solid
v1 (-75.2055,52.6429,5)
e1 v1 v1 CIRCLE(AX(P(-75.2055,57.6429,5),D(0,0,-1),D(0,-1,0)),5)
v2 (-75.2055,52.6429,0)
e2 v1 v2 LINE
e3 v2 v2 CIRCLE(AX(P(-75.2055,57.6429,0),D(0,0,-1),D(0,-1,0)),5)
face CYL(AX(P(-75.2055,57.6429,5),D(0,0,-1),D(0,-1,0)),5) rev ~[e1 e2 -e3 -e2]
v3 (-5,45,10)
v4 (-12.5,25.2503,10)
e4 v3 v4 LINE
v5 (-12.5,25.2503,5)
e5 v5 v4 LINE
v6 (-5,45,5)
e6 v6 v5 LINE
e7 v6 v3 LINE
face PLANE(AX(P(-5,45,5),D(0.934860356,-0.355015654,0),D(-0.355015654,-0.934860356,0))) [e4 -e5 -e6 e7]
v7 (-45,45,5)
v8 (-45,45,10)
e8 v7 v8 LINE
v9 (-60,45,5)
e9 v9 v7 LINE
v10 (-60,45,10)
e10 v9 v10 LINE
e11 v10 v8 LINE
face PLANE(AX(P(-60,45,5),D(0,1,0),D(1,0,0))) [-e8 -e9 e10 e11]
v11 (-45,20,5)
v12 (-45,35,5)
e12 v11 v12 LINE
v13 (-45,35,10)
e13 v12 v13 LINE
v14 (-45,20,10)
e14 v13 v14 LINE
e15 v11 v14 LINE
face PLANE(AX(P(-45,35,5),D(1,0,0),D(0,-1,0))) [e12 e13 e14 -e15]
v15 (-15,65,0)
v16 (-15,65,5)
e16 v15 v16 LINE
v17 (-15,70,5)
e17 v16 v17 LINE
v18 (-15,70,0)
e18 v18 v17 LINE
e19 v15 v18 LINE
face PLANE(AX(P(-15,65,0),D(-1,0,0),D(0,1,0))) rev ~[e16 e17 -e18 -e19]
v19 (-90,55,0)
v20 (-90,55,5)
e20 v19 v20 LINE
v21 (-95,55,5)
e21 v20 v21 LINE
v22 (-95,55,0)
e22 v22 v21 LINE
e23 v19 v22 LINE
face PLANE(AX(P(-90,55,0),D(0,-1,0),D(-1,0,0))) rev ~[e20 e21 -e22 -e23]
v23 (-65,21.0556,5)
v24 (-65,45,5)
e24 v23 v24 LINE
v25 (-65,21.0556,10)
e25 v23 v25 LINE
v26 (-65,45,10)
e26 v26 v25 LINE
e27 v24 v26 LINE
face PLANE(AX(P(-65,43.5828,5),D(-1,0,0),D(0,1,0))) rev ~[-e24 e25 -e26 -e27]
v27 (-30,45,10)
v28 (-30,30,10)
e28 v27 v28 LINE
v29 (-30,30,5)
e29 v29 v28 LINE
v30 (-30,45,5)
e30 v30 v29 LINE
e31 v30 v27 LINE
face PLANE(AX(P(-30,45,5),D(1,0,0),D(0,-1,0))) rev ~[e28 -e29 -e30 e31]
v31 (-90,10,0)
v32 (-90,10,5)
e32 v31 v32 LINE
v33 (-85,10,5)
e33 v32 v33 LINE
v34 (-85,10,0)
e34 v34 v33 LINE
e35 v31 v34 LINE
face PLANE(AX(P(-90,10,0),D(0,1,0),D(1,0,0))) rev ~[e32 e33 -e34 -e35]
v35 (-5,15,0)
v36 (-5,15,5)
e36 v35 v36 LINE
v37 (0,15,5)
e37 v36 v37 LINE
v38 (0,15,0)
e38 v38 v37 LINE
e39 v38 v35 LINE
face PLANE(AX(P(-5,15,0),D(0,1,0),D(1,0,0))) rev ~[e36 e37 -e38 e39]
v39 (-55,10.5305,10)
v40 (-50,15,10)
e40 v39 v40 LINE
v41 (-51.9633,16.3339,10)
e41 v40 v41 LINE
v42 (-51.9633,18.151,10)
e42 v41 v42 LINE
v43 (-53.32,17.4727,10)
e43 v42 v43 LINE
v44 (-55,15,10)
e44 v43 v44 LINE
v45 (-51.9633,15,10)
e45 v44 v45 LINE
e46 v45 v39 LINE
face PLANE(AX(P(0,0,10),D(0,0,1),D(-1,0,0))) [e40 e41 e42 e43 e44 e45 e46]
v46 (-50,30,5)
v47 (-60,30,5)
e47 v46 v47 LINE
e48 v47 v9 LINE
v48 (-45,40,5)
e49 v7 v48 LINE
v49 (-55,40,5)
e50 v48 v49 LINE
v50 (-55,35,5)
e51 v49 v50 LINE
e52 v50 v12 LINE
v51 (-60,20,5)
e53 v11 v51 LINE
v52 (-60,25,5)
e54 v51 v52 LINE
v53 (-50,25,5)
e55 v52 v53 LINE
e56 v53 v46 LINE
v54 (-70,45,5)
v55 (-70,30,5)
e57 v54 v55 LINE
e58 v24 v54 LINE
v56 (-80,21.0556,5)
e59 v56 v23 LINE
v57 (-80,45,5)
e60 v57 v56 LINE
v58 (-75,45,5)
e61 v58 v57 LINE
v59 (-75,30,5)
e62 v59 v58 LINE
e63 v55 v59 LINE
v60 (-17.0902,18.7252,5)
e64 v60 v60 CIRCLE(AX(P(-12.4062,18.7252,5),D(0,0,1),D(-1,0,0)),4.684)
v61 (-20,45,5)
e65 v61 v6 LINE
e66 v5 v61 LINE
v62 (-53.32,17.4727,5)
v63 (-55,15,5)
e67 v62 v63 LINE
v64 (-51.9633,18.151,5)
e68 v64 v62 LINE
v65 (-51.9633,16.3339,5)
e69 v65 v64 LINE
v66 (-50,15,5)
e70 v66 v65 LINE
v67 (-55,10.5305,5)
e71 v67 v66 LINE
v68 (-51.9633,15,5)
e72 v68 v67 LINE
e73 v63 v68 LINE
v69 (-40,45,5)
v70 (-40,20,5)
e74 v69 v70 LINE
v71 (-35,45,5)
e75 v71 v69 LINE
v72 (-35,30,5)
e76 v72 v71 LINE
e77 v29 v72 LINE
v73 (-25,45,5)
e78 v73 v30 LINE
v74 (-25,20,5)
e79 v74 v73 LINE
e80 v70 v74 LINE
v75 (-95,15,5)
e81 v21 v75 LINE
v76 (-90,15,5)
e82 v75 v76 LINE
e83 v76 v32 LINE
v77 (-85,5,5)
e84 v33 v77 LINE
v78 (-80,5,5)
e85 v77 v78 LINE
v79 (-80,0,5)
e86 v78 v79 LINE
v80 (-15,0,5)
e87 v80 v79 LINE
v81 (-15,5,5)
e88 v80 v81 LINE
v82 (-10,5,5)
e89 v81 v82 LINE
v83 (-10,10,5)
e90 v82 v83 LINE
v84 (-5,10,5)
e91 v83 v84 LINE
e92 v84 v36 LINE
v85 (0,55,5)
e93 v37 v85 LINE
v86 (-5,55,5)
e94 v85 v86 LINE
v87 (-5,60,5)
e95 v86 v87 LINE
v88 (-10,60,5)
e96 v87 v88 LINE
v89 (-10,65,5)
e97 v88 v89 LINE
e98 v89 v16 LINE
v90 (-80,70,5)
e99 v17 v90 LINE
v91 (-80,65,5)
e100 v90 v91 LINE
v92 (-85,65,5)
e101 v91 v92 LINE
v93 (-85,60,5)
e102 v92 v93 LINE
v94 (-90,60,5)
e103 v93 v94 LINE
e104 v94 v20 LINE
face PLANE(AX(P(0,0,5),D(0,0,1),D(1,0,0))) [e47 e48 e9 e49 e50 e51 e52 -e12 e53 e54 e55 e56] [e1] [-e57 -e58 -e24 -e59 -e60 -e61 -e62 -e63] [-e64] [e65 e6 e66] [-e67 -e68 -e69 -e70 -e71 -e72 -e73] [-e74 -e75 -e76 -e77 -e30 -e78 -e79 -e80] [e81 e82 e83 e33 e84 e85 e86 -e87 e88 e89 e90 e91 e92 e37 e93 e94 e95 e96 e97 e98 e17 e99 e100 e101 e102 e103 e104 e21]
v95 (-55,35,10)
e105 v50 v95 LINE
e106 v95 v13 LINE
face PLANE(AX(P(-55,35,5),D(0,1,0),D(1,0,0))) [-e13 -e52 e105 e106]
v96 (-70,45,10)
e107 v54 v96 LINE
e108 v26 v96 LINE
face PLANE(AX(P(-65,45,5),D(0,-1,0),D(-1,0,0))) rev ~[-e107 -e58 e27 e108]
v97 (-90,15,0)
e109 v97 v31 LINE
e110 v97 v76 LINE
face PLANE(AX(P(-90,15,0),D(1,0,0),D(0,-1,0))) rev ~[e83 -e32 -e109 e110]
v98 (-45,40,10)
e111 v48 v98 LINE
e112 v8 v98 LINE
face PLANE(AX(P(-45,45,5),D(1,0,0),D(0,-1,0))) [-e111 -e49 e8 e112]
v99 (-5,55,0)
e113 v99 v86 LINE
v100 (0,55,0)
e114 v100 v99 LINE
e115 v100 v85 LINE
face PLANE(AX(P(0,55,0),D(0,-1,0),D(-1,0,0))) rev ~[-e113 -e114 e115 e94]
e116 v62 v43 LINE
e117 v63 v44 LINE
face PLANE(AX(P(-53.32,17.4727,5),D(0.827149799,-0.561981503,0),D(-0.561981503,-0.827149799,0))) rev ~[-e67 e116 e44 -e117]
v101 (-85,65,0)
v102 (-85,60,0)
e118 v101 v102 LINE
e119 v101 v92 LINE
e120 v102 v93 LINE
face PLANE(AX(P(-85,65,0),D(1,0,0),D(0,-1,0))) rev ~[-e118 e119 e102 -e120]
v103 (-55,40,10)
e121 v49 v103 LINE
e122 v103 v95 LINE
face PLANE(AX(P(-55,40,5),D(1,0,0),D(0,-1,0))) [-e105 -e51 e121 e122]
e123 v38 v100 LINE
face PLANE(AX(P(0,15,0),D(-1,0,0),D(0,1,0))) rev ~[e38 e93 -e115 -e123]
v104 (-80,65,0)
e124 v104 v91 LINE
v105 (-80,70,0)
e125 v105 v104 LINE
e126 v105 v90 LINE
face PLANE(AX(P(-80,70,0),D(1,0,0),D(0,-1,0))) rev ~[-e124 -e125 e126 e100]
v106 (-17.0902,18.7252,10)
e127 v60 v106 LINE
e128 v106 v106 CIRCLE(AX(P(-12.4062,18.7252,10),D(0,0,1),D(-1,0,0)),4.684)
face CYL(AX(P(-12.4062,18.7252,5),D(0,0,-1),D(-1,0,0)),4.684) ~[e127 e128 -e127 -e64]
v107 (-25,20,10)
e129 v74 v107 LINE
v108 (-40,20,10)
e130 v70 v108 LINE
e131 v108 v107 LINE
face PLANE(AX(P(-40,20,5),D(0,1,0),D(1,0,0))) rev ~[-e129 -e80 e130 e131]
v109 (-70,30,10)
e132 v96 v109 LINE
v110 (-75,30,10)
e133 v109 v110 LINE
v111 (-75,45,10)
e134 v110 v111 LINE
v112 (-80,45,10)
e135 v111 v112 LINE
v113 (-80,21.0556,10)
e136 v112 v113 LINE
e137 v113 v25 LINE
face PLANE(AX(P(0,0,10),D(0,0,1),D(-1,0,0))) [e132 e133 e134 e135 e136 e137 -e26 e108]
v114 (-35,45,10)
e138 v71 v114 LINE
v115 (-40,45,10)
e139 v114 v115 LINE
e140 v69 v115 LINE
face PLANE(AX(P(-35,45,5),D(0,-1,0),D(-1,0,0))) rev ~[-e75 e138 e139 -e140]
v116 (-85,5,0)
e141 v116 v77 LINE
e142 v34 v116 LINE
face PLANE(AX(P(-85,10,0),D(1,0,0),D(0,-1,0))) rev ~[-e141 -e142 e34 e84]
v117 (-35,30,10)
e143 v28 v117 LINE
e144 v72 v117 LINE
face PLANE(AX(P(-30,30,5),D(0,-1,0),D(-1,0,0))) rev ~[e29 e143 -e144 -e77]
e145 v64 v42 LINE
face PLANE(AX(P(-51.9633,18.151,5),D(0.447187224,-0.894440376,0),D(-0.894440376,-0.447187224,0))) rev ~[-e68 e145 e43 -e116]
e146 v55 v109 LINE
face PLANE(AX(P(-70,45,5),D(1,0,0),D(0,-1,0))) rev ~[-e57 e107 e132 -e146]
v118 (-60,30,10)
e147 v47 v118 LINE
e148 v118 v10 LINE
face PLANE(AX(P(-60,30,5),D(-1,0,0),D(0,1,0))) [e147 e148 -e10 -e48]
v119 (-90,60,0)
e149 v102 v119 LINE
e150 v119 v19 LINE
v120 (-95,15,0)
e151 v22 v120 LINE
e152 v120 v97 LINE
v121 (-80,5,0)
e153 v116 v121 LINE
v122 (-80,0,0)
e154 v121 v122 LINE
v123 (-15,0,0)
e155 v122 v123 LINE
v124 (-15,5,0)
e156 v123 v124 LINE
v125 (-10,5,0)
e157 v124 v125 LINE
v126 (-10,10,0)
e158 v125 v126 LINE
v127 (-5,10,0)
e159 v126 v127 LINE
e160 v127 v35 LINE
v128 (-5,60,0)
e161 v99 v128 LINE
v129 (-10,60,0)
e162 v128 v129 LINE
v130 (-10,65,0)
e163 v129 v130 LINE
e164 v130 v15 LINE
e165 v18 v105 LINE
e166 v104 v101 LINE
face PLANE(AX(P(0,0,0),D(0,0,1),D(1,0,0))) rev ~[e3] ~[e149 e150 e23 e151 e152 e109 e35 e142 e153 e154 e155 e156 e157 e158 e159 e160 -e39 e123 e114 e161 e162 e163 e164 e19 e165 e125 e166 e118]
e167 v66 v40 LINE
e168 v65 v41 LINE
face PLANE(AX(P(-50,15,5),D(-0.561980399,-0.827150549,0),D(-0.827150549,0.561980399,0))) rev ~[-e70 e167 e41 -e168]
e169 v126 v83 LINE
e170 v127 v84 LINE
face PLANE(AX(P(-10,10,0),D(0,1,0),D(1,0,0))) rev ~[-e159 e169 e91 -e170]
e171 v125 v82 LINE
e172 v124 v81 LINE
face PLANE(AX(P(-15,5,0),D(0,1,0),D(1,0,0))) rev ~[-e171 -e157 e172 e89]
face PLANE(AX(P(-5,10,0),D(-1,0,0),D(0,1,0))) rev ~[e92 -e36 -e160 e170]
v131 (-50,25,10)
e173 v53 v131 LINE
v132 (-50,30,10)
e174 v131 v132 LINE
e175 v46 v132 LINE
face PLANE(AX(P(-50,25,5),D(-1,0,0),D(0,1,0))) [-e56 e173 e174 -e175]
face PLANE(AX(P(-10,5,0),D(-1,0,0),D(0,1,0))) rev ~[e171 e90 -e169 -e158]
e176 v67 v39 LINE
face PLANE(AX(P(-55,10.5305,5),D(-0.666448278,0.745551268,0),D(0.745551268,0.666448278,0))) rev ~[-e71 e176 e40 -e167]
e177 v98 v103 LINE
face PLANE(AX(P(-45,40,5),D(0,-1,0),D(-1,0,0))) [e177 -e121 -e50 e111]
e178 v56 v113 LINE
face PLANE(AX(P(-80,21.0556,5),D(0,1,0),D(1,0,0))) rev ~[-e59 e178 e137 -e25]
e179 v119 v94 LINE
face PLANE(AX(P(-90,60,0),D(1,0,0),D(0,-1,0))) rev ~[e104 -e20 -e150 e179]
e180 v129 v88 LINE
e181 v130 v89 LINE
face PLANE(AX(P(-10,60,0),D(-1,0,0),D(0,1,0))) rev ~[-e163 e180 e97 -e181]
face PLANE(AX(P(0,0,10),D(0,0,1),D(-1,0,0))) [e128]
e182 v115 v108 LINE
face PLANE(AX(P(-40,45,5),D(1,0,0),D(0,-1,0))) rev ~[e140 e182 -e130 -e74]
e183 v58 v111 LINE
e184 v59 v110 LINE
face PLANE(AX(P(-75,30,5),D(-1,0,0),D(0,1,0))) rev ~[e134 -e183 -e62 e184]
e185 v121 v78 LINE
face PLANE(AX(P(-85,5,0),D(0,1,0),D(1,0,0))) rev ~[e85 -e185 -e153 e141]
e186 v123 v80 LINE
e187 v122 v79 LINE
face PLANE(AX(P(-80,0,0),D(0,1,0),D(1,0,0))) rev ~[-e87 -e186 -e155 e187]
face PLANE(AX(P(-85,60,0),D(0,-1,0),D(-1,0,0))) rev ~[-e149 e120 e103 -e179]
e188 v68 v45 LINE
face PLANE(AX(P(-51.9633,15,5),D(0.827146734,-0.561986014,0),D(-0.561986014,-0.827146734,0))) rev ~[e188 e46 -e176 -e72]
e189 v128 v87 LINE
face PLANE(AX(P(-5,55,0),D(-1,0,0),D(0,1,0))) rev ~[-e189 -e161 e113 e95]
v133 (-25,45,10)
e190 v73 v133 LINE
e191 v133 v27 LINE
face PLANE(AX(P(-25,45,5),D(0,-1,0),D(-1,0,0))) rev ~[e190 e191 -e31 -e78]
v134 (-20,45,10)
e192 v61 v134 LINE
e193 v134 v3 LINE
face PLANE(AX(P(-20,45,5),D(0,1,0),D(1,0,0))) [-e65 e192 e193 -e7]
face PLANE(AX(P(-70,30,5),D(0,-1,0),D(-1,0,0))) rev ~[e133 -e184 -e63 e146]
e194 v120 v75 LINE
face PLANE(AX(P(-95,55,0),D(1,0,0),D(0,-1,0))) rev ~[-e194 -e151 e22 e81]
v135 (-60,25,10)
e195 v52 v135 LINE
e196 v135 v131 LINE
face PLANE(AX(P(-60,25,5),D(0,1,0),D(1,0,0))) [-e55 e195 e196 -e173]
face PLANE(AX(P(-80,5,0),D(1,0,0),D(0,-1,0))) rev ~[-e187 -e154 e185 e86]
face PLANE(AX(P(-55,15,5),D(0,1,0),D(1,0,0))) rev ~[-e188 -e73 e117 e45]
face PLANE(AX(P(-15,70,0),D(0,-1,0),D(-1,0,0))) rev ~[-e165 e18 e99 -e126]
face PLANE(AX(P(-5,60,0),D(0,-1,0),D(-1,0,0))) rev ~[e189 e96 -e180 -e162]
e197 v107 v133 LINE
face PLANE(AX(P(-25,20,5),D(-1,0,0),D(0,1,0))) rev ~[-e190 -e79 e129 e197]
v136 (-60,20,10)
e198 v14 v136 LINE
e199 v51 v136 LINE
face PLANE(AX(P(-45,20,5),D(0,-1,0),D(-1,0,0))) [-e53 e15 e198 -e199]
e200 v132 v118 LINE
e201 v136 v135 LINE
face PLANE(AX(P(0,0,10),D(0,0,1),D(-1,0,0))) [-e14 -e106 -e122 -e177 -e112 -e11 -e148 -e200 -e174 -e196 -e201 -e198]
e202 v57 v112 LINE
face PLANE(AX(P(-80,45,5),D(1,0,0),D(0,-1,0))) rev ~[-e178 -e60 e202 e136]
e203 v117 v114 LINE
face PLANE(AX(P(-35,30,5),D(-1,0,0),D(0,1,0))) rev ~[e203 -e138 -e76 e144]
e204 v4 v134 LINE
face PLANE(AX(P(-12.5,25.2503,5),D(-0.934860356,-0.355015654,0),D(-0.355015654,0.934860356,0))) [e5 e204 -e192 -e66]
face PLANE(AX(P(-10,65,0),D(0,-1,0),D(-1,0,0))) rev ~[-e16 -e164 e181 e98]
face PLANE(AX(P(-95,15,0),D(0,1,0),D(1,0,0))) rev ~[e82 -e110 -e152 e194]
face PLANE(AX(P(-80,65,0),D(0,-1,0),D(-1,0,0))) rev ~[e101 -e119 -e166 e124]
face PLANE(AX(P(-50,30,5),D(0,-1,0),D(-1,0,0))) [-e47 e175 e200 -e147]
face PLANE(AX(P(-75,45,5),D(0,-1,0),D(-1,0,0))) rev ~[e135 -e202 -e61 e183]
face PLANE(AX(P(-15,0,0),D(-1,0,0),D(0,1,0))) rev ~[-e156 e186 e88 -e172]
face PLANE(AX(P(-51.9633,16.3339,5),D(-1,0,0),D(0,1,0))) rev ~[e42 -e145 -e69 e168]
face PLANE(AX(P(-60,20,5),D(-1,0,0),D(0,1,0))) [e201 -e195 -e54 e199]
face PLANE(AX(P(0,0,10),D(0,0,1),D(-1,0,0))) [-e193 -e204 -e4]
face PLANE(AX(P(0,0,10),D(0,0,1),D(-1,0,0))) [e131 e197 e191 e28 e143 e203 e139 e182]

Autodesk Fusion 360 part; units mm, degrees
sketch "Sketch1" plane through (0, 0, 0) normal (0, 0, 1) x (1, 0, 0)
  line L0 (-25, 0) -> (-15, 0)
  line L1 (-15, 0) -> (-15, 5)
  line L2 (-15, 5) -> (-10, 5)
  line L3 (-10, 5) -> (-10, 10)
  line L4 (-10, 10) -> (-5, 10)
  line L5 (-5, 10) -> (-5, 15)
  line L6 (-5, 15) -> (-1.7883, 15)
  line L7 (-1.7883, 15) -> (0, 15)
  line L8 (0, 15) -> (0, 55)
  line L9 (0, 55) -> (-5, 55)
  line L10 (-5, 55) -> (-5, 60)
  line L11 (-5, 60) -> (-10, 60)
  line L12 (-10, 60) -> (-10, 65)
  line L13 (-10, 65) -> (-15, 65)
  line L14 (-15, 65) -> (-15, 70)
  line L15 (-15, 70) -> (-80, 70)
  line L16 (-80, 70) -> (-80, 65)
  line L17 (-80, 65) -> (-85, 65)
  line L18 (-85, 65) -> (-85, 60)
  line L19 (-85, 60) -> (-90, 60)
  line L20 (-90, 60) -> (-90, 55)
  line L21 (-90, 55) -> (-95, 55)
  line L22 (-95, 55) -> (-95, 15)
  line L23 (-95, 15) -> (-90, 15)
  line L24 (-90, 15) -> (-90, 10)
  line L25 (-90, 10) -> (-85, 10)
  line L26 (-85, 10) -> (-85, 5)
  line L27 (-85, 5) -> (-80, 5)
  line L28 (-80, 5) -> (-80, 0)
  line L29 (-80, 0) -> (-25, 0)
extrude "Extrude1" add sketch "Sketch1" along normal blind 5
hole "Hole1" at (-75.2055, 57.6429, 5) direction (0, 0, -1) diameter 10 depth 30 tip angle 118
sketch "Sketch2" plane through (0, 0, 5) normal (0, 0, 1) x (-1, 0, 0)
  circle A0 centre (75.2055, -57.6429) radius 5
  line L0 (80, 0) -> (15, 0)
  line L1 (15, 0) -> (15, -5)
  line L2 (15, -5) -> (10, -5)
  line L3 (10, -5) -> (10, -10)
  line L4 (10, -10) -> (5, -10)
  line L5 (5, -10) -> (5, -15)
  line L6 (5, -15) -> (0, -15)
  line L7 (0, -15) -> (0, -55)
  line L8 (0, -55) -> (5, -55)
  line L9 (5, -55) -> (5, -60)
  line L10 (5, -60) -> (10, -60)
  line L11 (10, -60) -> (10, -65)
  line L12 (10, -65) -> (15, -65)
  line L13 (15, -65) -> (15, -70)
  line L14 (15, -70) -> (80, -70)
  line L15 (80, -70) -> (80, -65)
  line L16 (80, -65) -> (85, -65)
  line L17 (85, -65) -> (85, -60)
  line L18 (85, -60) -> (90, -60)
  line L19 (90, -60) -> (90, -55)
  line L20 (90, -55) -> (95, -55)
  line L21 (95, -55) -> (95, -15)
  line L22 (95, -15) -> (90, -15)
  line L23 (90, -15) -> (90, -10)
  line L24 (90, -10) -> (85, -10)
  line L25 (85, -10) -> (85, -5)
  line L26 (85, -5) -> (80, -5)
  line L27 (80, -5) -> (80, 0)
  line L28 (80, -45) -> (80, -21.0556)
  line L29 (80, -21.0556) -> (65, -21.0556)
  line L30 (65, -21.0556) -> (65, -43.5828)
  line L31 (65, -43.5828) -> (65, -45)
  line L32 (65, -45) -> (70, -45)
  line L33 (70, -45) -> (70, -30)
  line L34 (70, -30) -> (75, -30)
  line L35 (75, -30) -> (75, -45)
  line L36 (75, -45) -> (80, -45)
  line L37 (60, -45) -> (45, -45)
  line L38 (45, -45) -> (45, -40)
  line L39 (45, -40) -> (55, -40)
  line L40 (55, -40) -> (55, -35)
  line L41 (55, -35) -> (45, -35)
  line L42 (45, -35) -> (45, -25)
  line L43 (45, -25) -> (45, -20)
  line L44 (45, -20) -> (60, -20)
  line L45 (60, -20) -> (60, -25)
  line L46 (60, -25) -> (50, -25)
  line L47 (50, -25) -> (50, -30)
  line L48 (50, -30) -> (60, -30)
  line L49 (60, -30) -> (60, -45)
  line L50 (40, -45) -> (40, -20)
  line L51 (40, -20) -> (25, -20)
  line L52 (25, -20) -> (25, -45)
  line L53 (25, -45) -> (30, -45)
  line L54 (30, -45) -> (30, -30)
  line L55 (30, -30) -> (35, -30)
  line L56 (35, -30) -> (35, -45)
  line L57 (35, -45) -> (40, -45)
  line L58 (20, -45) -> (5, -45)
  line L59 (5, -45) -> (12.5, -25.2503)
  line L60 (12.5, -25.2503) -> (20, -45)
  circle A1 centre (12.4062, -18.7252) radius 4.684
  line L61 (53.32, -17.4727) -> (55, -15)
  line L62 (55, -15) -> (51.9633, -15)
  line L63 (51.9633, -15) -> (55, -10.5305)
  line L64 (55, -10.5305) -> (50, -15)
  line L65 (50, -15) -> (51.9633, -16.3339)
  line L66 (51.9633, -16.3339) -> (51.9633, -18.151)
  line L67 (51.9633, -18.151) -> (53.32, -17.4727)
extrude "Extrude2" add sketch "Sketch2" along normal blind 5 contours L28 L29 L30 L31 L32 L33 L34 L35 L36 | L37 L38 L39 L40 L41 L42 L43 L44 L45 L46 L47 L48 L49 | L50 L51 L52 L53 L54 L55 L56 L57 | L58 L59 L60 | A1 | L61 L62 L63 L64 L65 L66 L67
